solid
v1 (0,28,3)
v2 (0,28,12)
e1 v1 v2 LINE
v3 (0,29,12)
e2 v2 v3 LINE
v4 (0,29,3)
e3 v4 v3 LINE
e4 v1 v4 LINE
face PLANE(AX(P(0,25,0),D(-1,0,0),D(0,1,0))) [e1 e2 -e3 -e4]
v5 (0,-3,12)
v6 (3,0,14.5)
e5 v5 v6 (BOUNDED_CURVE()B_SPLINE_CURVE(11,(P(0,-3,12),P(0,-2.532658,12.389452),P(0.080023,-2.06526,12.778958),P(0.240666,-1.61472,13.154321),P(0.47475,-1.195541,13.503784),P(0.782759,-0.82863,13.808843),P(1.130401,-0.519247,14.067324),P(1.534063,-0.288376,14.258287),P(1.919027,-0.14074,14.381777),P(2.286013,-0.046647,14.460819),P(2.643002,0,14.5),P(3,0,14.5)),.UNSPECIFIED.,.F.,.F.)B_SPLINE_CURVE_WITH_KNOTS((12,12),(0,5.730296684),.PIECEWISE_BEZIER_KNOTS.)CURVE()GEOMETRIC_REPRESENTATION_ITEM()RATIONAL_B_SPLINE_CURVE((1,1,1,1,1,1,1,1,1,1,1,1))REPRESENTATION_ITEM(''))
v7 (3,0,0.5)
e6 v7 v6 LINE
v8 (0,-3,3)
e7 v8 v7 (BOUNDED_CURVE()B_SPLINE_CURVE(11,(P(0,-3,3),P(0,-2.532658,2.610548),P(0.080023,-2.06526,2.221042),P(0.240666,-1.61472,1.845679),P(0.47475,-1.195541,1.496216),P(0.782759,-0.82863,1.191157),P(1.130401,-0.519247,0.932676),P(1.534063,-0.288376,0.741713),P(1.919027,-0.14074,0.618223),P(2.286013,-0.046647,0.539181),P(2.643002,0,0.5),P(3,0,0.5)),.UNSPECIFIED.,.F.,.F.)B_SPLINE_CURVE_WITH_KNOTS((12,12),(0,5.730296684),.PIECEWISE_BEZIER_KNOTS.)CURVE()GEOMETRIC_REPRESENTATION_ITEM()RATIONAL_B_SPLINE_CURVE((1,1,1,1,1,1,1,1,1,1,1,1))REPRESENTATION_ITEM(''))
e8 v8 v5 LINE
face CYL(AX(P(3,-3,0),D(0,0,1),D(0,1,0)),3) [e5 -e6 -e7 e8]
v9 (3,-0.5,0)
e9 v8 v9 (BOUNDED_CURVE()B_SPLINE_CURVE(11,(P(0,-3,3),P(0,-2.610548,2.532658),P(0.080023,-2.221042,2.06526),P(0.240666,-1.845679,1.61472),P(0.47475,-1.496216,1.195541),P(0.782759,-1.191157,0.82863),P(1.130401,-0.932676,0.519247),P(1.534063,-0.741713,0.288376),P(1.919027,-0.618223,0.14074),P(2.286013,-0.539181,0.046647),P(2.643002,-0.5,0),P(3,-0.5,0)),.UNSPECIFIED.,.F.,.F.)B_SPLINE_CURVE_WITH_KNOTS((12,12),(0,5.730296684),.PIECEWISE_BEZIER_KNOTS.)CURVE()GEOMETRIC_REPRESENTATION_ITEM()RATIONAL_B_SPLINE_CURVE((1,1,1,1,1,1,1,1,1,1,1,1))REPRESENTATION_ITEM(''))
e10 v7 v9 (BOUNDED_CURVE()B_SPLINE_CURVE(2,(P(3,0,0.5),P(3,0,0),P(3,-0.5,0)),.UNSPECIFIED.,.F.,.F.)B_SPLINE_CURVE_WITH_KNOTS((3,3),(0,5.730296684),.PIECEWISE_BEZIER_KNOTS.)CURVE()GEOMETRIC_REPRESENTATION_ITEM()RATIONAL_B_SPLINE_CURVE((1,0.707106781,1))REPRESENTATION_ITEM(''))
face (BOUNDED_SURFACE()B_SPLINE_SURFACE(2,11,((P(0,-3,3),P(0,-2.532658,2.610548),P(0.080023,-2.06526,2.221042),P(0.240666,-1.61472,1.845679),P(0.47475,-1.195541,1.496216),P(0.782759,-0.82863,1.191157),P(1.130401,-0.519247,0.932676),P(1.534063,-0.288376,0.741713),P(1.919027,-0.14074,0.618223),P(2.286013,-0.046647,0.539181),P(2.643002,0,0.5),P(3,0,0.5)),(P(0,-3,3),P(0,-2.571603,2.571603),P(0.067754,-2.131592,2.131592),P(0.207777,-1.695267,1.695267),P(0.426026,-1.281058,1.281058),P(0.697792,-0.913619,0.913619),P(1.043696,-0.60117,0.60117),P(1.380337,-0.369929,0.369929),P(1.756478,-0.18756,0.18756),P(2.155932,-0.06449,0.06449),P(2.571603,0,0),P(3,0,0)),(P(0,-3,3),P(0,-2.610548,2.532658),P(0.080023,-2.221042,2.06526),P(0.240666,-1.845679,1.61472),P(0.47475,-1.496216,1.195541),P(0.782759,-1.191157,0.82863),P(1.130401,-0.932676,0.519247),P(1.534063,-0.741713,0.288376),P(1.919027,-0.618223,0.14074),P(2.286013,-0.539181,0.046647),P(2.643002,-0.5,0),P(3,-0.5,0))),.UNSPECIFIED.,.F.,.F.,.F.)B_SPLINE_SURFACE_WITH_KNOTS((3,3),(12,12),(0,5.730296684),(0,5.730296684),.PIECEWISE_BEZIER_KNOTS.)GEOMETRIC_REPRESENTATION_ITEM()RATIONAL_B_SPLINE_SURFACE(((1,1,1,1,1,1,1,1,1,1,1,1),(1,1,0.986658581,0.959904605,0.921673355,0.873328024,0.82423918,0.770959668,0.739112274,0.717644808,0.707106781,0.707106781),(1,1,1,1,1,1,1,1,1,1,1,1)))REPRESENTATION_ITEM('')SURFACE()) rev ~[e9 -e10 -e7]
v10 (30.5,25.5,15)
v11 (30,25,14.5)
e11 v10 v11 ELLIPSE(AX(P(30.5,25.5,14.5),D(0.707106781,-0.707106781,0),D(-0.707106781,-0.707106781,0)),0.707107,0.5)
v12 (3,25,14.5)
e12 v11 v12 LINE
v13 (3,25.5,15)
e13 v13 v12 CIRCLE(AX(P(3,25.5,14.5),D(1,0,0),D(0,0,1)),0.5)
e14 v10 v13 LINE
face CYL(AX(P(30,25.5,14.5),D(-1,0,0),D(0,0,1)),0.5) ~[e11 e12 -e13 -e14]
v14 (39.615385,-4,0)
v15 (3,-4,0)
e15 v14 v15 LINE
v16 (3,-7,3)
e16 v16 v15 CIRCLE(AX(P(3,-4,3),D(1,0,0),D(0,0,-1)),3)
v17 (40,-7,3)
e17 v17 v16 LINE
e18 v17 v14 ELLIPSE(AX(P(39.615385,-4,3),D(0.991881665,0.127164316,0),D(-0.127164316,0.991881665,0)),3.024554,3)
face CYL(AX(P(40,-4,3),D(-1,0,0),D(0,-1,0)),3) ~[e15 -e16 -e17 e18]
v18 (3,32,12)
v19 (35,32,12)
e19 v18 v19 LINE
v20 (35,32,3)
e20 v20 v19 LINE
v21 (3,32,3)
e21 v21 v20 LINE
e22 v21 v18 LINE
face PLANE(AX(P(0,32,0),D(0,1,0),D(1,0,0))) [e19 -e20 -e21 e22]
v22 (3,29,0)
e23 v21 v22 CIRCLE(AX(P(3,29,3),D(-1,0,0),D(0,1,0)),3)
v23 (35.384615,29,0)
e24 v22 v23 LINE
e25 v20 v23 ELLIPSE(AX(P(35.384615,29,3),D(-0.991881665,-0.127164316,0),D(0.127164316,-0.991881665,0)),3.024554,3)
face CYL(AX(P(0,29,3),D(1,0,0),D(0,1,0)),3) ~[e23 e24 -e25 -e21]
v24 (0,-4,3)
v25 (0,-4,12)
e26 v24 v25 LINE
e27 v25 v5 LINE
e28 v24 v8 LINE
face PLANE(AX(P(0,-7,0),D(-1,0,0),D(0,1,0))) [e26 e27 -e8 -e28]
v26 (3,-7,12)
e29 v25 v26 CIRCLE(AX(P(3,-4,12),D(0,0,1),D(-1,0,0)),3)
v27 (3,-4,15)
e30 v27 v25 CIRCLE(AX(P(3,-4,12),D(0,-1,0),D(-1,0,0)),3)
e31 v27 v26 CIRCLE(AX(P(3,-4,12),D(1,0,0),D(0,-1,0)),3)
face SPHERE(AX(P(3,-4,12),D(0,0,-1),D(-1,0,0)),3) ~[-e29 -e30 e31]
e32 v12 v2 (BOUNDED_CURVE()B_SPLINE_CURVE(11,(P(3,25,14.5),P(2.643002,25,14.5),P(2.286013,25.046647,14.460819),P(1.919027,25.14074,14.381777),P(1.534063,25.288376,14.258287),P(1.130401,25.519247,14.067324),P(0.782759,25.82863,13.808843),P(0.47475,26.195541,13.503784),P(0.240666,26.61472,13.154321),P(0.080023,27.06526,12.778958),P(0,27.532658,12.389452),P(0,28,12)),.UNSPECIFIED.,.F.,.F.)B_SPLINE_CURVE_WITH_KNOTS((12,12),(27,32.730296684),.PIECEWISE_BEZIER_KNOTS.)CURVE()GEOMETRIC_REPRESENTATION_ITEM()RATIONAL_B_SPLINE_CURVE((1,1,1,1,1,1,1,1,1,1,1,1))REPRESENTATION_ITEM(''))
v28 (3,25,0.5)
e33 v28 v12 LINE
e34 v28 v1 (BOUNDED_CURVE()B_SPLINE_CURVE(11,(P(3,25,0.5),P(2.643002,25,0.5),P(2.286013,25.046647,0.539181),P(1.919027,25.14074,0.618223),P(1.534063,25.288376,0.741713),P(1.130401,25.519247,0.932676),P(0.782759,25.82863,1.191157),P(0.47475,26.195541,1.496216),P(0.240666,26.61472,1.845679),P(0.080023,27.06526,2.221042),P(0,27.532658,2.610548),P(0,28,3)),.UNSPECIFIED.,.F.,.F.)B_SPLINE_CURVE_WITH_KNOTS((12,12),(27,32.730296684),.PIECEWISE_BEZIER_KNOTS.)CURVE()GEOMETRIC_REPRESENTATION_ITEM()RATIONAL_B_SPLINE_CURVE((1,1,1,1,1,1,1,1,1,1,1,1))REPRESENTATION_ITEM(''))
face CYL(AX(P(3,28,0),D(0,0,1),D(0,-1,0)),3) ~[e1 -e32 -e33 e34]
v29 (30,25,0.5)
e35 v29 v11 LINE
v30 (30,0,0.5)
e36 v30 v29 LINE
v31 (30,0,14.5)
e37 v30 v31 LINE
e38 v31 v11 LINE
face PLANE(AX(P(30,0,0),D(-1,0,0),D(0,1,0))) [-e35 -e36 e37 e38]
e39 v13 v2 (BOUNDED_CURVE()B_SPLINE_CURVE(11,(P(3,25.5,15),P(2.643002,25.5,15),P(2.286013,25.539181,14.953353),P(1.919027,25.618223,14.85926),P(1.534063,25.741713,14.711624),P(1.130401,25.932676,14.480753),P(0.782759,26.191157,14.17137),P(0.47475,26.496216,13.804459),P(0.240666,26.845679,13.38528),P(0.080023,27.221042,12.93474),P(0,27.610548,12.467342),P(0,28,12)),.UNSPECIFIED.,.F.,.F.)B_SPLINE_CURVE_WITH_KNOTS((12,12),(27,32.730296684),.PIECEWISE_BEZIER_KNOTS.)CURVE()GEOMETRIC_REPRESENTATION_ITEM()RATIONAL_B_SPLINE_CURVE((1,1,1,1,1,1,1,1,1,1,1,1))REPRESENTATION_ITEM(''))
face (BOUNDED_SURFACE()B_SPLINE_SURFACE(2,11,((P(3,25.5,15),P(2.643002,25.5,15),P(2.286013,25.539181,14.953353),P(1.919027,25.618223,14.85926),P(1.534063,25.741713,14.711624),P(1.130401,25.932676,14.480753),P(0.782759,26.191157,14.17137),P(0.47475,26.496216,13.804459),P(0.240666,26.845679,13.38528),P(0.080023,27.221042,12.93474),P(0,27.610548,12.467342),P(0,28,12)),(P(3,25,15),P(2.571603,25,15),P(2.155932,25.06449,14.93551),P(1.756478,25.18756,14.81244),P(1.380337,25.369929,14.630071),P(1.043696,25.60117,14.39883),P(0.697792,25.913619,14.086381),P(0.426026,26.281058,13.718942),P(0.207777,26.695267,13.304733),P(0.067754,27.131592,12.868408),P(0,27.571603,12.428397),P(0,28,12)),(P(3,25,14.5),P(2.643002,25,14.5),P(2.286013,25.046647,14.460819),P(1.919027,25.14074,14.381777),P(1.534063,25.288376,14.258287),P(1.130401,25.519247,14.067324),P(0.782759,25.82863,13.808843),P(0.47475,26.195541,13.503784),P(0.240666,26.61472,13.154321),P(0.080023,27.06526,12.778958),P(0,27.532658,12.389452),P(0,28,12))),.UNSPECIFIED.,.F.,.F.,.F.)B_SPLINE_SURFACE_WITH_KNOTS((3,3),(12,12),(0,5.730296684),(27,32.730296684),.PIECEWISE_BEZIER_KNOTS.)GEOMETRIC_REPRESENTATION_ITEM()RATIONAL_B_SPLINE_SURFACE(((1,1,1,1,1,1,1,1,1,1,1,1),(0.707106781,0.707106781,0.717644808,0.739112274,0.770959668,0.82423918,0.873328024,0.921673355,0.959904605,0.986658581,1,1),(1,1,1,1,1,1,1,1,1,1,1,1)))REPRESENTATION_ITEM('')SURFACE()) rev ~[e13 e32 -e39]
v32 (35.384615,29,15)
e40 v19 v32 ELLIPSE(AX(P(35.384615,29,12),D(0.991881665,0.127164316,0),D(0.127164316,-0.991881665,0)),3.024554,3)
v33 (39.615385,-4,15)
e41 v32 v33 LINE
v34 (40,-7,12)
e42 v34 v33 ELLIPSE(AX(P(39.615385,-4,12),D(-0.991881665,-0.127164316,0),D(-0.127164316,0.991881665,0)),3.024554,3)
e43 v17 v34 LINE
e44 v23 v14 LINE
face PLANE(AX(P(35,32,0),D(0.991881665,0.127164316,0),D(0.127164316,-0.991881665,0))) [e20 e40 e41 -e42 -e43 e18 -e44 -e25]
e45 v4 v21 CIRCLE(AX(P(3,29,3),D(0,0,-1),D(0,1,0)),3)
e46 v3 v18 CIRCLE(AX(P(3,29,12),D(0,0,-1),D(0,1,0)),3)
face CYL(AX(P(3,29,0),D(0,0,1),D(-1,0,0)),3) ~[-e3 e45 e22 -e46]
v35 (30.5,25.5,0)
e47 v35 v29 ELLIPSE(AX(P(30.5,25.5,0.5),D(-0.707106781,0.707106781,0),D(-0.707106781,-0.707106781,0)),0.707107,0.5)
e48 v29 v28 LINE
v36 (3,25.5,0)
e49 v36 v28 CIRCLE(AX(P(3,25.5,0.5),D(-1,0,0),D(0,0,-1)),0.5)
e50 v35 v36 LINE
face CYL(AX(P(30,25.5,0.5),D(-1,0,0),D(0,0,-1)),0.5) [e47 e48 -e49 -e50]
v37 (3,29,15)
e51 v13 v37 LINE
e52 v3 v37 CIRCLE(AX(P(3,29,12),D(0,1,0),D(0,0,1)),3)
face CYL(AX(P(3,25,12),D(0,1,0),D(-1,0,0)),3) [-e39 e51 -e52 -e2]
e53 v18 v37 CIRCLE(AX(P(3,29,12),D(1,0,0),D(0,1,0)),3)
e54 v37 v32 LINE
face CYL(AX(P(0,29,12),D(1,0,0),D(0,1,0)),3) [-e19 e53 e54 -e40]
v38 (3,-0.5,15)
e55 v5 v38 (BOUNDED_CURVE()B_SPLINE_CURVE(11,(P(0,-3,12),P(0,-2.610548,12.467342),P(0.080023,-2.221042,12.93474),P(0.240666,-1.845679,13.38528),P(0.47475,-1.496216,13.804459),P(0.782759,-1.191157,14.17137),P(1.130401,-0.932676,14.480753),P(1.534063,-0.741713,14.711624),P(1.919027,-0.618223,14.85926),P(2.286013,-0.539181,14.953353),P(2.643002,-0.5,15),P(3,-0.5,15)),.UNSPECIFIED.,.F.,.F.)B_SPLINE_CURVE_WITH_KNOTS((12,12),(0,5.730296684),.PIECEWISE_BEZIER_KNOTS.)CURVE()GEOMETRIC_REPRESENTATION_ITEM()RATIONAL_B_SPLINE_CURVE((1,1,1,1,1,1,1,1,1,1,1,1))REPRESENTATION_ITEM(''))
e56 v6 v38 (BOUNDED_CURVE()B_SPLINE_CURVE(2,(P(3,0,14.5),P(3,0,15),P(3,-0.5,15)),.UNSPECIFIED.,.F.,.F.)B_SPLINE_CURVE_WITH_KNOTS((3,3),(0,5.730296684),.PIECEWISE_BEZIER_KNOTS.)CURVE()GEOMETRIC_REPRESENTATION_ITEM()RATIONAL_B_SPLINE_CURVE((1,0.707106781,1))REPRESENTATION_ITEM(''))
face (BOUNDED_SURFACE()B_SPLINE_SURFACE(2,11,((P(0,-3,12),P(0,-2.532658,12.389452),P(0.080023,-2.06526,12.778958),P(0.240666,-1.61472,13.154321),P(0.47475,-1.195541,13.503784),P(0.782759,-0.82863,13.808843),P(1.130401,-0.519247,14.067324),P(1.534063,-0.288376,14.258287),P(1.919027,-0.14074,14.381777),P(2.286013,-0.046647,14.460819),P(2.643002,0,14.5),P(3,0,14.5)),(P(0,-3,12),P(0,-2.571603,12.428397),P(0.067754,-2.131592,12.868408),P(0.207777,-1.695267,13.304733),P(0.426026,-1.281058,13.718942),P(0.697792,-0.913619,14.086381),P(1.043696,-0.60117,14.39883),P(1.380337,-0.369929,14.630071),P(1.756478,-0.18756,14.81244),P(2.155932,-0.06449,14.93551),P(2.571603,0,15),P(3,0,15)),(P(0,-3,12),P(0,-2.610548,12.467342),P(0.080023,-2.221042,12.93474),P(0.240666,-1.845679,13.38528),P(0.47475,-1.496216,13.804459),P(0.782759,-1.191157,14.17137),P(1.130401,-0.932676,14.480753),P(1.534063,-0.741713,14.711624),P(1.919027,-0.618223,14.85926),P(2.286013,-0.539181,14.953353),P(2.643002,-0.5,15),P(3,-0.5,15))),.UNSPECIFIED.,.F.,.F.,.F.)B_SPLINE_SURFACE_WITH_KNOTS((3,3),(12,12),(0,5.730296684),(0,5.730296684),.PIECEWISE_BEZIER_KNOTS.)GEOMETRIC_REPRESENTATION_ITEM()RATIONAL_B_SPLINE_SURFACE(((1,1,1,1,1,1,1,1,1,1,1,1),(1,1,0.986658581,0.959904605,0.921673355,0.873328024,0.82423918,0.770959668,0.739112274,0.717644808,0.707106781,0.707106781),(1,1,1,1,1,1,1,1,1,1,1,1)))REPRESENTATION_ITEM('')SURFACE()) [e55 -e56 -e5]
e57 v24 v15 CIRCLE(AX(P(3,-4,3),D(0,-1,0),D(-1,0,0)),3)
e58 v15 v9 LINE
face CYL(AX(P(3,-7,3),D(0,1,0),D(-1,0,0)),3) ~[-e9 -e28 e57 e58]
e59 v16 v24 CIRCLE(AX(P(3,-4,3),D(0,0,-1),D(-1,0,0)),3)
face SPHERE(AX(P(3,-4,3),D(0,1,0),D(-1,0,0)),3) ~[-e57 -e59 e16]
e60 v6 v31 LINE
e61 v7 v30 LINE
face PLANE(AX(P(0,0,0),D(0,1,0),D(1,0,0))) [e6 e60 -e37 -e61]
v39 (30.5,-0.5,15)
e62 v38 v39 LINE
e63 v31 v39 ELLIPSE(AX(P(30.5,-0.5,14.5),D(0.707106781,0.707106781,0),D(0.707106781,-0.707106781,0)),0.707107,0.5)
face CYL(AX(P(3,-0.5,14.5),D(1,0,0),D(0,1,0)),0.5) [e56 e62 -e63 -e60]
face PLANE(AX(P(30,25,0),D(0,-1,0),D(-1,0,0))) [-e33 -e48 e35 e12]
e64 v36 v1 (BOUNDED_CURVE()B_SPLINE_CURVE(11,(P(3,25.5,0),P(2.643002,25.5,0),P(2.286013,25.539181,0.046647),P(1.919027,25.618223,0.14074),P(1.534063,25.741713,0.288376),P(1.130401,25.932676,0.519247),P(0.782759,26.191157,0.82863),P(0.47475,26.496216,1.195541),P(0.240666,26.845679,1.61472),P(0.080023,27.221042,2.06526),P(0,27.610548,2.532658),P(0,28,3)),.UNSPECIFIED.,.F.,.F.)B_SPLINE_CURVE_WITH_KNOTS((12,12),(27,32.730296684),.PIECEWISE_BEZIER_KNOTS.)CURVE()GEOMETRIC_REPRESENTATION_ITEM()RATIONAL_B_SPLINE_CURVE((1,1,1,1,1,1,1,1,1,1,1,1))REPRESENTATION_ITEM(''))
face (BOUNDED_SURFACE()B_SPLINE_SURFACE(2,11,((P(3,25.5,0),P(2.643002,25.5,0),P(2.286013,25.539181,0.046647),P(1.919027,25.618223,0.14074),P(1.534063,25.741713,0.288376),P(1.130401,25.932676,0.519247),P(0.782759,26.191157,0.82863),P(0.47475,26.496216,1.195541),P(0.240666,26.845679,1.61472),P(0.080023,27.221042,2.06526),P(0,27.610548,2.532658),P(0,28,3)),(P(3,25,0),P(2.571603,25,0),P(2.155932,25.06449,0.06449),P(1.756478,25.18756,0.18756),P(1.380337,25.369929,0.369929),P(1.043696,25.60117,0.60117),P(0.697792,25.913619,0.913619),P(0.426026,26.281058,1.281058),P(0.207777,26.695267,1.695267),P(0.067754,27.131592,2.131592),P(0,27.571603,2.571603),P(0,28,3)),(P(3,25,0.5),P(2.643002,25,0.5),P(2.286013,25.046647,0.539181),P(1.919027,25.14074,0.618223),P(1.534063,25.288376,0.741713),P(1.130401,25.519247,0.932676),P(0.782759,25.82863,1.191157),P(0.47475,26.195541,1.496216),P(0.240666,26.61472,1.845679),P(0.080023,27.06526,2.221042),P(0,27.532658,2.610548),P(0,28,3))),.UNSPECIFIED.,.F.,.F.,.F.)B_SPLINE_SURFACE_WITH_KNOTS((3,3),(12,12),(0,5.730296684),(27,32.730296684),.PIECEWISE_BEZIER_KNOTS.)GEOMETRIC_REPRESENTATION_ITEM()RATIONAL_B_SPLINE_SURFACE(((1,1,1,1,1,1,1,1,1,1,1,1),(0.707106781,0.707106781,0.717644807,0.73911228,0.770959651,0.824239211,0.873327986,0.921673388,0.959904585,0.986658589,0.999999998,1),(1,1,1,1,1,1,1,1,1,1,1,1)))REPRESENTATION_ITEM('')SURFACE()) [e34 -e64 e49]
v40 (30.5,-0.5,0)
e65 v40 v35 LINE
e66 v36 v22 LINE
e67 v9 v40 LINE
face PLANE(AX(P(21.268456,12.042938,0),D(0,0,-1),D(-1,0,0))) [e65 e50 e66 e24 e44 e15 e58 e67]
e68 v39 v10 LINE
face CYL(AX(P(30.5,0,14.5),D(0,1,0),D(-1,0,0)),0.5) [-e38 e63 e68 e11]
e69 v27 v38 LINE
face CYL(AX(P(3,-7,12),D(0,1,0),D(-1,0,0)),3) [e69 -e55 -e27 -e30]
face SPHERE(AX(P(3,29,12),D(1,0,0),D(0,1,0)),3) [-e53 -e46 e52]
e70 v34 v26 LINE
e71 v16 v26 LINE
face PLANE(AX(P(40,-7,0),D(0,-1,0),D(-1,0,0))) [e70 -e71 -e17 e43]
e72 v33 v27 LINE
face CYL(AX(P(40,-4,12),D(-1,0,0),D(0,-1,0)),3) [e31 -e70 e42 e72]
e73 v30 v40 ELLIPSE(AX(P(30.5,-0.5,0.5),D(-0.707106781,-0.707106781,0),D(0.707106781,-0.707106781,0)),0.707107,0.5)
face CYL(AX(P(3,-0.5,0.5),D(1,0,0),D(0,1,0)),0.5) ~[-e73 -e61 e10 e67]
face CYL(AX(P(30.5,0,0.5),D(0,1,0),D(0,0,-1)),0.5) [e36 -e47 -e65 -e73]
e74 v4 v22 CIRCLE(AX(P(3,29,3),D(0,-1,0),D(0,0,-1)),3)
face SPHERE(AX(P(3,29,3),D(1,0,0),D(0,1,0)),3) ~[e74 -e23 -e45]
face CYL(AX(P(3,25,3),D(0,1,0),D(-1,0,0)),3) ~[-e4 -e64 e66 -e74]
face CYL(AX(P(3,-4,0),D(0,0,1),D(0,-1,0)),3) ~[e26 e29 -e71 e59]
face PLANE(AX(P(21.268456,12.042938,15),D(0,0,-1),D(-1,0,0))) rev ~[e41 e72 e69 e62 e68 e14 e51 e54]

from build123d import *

# Parameters (mm, degrees)
PAD_DEPTH   = 15
FILLET_R    = 3
FILLET001_R = 0.5


with BuildPart() as part:
    # Sketch → Pad (new body)
    with BuildSketch(Plane.XY):
        Polygon((0, 0), (30, 0), (30, 25), (0, 25), (0, 32), (35, 32), (40, -7), (0, -7), align=None)
    extrude(amount=PAD_DEPTH)

    # Fillet
    fillet_edges = [part.edges().sort_by_distance(p)[0] for p in [
        (17.5, 32, 15),
        (17.5, 32, 0),
        (0, 32, 7.5),
        (0, 25, 7.5),
        (0, 28.5, 0),
        (0, 28.5, 15),
        (0, 0, 7.5),
        (0, -3.5, 0),
        (0, -7, 7.5),
        (0, -3.5, 15),
        (20, -7, 15),
        (20, -7, 0),
    ]]
    fillet(fillet_edges, radius=FILLET_R)

    # Fillet001
    fillet001_edges = [part.edges().sort_by_distance(p)[0] for p in [
        (16.5, 0, 15),
        (16.5, 0, 0),
        (16.5, 25, 0),
        (16.5, 25, 15),
        (30, 12.5, 0),
        (30, 12.5, 15),
    ]]
    fillet(fillet001_edges, radius=FILLET001_R)


solid = part.part
